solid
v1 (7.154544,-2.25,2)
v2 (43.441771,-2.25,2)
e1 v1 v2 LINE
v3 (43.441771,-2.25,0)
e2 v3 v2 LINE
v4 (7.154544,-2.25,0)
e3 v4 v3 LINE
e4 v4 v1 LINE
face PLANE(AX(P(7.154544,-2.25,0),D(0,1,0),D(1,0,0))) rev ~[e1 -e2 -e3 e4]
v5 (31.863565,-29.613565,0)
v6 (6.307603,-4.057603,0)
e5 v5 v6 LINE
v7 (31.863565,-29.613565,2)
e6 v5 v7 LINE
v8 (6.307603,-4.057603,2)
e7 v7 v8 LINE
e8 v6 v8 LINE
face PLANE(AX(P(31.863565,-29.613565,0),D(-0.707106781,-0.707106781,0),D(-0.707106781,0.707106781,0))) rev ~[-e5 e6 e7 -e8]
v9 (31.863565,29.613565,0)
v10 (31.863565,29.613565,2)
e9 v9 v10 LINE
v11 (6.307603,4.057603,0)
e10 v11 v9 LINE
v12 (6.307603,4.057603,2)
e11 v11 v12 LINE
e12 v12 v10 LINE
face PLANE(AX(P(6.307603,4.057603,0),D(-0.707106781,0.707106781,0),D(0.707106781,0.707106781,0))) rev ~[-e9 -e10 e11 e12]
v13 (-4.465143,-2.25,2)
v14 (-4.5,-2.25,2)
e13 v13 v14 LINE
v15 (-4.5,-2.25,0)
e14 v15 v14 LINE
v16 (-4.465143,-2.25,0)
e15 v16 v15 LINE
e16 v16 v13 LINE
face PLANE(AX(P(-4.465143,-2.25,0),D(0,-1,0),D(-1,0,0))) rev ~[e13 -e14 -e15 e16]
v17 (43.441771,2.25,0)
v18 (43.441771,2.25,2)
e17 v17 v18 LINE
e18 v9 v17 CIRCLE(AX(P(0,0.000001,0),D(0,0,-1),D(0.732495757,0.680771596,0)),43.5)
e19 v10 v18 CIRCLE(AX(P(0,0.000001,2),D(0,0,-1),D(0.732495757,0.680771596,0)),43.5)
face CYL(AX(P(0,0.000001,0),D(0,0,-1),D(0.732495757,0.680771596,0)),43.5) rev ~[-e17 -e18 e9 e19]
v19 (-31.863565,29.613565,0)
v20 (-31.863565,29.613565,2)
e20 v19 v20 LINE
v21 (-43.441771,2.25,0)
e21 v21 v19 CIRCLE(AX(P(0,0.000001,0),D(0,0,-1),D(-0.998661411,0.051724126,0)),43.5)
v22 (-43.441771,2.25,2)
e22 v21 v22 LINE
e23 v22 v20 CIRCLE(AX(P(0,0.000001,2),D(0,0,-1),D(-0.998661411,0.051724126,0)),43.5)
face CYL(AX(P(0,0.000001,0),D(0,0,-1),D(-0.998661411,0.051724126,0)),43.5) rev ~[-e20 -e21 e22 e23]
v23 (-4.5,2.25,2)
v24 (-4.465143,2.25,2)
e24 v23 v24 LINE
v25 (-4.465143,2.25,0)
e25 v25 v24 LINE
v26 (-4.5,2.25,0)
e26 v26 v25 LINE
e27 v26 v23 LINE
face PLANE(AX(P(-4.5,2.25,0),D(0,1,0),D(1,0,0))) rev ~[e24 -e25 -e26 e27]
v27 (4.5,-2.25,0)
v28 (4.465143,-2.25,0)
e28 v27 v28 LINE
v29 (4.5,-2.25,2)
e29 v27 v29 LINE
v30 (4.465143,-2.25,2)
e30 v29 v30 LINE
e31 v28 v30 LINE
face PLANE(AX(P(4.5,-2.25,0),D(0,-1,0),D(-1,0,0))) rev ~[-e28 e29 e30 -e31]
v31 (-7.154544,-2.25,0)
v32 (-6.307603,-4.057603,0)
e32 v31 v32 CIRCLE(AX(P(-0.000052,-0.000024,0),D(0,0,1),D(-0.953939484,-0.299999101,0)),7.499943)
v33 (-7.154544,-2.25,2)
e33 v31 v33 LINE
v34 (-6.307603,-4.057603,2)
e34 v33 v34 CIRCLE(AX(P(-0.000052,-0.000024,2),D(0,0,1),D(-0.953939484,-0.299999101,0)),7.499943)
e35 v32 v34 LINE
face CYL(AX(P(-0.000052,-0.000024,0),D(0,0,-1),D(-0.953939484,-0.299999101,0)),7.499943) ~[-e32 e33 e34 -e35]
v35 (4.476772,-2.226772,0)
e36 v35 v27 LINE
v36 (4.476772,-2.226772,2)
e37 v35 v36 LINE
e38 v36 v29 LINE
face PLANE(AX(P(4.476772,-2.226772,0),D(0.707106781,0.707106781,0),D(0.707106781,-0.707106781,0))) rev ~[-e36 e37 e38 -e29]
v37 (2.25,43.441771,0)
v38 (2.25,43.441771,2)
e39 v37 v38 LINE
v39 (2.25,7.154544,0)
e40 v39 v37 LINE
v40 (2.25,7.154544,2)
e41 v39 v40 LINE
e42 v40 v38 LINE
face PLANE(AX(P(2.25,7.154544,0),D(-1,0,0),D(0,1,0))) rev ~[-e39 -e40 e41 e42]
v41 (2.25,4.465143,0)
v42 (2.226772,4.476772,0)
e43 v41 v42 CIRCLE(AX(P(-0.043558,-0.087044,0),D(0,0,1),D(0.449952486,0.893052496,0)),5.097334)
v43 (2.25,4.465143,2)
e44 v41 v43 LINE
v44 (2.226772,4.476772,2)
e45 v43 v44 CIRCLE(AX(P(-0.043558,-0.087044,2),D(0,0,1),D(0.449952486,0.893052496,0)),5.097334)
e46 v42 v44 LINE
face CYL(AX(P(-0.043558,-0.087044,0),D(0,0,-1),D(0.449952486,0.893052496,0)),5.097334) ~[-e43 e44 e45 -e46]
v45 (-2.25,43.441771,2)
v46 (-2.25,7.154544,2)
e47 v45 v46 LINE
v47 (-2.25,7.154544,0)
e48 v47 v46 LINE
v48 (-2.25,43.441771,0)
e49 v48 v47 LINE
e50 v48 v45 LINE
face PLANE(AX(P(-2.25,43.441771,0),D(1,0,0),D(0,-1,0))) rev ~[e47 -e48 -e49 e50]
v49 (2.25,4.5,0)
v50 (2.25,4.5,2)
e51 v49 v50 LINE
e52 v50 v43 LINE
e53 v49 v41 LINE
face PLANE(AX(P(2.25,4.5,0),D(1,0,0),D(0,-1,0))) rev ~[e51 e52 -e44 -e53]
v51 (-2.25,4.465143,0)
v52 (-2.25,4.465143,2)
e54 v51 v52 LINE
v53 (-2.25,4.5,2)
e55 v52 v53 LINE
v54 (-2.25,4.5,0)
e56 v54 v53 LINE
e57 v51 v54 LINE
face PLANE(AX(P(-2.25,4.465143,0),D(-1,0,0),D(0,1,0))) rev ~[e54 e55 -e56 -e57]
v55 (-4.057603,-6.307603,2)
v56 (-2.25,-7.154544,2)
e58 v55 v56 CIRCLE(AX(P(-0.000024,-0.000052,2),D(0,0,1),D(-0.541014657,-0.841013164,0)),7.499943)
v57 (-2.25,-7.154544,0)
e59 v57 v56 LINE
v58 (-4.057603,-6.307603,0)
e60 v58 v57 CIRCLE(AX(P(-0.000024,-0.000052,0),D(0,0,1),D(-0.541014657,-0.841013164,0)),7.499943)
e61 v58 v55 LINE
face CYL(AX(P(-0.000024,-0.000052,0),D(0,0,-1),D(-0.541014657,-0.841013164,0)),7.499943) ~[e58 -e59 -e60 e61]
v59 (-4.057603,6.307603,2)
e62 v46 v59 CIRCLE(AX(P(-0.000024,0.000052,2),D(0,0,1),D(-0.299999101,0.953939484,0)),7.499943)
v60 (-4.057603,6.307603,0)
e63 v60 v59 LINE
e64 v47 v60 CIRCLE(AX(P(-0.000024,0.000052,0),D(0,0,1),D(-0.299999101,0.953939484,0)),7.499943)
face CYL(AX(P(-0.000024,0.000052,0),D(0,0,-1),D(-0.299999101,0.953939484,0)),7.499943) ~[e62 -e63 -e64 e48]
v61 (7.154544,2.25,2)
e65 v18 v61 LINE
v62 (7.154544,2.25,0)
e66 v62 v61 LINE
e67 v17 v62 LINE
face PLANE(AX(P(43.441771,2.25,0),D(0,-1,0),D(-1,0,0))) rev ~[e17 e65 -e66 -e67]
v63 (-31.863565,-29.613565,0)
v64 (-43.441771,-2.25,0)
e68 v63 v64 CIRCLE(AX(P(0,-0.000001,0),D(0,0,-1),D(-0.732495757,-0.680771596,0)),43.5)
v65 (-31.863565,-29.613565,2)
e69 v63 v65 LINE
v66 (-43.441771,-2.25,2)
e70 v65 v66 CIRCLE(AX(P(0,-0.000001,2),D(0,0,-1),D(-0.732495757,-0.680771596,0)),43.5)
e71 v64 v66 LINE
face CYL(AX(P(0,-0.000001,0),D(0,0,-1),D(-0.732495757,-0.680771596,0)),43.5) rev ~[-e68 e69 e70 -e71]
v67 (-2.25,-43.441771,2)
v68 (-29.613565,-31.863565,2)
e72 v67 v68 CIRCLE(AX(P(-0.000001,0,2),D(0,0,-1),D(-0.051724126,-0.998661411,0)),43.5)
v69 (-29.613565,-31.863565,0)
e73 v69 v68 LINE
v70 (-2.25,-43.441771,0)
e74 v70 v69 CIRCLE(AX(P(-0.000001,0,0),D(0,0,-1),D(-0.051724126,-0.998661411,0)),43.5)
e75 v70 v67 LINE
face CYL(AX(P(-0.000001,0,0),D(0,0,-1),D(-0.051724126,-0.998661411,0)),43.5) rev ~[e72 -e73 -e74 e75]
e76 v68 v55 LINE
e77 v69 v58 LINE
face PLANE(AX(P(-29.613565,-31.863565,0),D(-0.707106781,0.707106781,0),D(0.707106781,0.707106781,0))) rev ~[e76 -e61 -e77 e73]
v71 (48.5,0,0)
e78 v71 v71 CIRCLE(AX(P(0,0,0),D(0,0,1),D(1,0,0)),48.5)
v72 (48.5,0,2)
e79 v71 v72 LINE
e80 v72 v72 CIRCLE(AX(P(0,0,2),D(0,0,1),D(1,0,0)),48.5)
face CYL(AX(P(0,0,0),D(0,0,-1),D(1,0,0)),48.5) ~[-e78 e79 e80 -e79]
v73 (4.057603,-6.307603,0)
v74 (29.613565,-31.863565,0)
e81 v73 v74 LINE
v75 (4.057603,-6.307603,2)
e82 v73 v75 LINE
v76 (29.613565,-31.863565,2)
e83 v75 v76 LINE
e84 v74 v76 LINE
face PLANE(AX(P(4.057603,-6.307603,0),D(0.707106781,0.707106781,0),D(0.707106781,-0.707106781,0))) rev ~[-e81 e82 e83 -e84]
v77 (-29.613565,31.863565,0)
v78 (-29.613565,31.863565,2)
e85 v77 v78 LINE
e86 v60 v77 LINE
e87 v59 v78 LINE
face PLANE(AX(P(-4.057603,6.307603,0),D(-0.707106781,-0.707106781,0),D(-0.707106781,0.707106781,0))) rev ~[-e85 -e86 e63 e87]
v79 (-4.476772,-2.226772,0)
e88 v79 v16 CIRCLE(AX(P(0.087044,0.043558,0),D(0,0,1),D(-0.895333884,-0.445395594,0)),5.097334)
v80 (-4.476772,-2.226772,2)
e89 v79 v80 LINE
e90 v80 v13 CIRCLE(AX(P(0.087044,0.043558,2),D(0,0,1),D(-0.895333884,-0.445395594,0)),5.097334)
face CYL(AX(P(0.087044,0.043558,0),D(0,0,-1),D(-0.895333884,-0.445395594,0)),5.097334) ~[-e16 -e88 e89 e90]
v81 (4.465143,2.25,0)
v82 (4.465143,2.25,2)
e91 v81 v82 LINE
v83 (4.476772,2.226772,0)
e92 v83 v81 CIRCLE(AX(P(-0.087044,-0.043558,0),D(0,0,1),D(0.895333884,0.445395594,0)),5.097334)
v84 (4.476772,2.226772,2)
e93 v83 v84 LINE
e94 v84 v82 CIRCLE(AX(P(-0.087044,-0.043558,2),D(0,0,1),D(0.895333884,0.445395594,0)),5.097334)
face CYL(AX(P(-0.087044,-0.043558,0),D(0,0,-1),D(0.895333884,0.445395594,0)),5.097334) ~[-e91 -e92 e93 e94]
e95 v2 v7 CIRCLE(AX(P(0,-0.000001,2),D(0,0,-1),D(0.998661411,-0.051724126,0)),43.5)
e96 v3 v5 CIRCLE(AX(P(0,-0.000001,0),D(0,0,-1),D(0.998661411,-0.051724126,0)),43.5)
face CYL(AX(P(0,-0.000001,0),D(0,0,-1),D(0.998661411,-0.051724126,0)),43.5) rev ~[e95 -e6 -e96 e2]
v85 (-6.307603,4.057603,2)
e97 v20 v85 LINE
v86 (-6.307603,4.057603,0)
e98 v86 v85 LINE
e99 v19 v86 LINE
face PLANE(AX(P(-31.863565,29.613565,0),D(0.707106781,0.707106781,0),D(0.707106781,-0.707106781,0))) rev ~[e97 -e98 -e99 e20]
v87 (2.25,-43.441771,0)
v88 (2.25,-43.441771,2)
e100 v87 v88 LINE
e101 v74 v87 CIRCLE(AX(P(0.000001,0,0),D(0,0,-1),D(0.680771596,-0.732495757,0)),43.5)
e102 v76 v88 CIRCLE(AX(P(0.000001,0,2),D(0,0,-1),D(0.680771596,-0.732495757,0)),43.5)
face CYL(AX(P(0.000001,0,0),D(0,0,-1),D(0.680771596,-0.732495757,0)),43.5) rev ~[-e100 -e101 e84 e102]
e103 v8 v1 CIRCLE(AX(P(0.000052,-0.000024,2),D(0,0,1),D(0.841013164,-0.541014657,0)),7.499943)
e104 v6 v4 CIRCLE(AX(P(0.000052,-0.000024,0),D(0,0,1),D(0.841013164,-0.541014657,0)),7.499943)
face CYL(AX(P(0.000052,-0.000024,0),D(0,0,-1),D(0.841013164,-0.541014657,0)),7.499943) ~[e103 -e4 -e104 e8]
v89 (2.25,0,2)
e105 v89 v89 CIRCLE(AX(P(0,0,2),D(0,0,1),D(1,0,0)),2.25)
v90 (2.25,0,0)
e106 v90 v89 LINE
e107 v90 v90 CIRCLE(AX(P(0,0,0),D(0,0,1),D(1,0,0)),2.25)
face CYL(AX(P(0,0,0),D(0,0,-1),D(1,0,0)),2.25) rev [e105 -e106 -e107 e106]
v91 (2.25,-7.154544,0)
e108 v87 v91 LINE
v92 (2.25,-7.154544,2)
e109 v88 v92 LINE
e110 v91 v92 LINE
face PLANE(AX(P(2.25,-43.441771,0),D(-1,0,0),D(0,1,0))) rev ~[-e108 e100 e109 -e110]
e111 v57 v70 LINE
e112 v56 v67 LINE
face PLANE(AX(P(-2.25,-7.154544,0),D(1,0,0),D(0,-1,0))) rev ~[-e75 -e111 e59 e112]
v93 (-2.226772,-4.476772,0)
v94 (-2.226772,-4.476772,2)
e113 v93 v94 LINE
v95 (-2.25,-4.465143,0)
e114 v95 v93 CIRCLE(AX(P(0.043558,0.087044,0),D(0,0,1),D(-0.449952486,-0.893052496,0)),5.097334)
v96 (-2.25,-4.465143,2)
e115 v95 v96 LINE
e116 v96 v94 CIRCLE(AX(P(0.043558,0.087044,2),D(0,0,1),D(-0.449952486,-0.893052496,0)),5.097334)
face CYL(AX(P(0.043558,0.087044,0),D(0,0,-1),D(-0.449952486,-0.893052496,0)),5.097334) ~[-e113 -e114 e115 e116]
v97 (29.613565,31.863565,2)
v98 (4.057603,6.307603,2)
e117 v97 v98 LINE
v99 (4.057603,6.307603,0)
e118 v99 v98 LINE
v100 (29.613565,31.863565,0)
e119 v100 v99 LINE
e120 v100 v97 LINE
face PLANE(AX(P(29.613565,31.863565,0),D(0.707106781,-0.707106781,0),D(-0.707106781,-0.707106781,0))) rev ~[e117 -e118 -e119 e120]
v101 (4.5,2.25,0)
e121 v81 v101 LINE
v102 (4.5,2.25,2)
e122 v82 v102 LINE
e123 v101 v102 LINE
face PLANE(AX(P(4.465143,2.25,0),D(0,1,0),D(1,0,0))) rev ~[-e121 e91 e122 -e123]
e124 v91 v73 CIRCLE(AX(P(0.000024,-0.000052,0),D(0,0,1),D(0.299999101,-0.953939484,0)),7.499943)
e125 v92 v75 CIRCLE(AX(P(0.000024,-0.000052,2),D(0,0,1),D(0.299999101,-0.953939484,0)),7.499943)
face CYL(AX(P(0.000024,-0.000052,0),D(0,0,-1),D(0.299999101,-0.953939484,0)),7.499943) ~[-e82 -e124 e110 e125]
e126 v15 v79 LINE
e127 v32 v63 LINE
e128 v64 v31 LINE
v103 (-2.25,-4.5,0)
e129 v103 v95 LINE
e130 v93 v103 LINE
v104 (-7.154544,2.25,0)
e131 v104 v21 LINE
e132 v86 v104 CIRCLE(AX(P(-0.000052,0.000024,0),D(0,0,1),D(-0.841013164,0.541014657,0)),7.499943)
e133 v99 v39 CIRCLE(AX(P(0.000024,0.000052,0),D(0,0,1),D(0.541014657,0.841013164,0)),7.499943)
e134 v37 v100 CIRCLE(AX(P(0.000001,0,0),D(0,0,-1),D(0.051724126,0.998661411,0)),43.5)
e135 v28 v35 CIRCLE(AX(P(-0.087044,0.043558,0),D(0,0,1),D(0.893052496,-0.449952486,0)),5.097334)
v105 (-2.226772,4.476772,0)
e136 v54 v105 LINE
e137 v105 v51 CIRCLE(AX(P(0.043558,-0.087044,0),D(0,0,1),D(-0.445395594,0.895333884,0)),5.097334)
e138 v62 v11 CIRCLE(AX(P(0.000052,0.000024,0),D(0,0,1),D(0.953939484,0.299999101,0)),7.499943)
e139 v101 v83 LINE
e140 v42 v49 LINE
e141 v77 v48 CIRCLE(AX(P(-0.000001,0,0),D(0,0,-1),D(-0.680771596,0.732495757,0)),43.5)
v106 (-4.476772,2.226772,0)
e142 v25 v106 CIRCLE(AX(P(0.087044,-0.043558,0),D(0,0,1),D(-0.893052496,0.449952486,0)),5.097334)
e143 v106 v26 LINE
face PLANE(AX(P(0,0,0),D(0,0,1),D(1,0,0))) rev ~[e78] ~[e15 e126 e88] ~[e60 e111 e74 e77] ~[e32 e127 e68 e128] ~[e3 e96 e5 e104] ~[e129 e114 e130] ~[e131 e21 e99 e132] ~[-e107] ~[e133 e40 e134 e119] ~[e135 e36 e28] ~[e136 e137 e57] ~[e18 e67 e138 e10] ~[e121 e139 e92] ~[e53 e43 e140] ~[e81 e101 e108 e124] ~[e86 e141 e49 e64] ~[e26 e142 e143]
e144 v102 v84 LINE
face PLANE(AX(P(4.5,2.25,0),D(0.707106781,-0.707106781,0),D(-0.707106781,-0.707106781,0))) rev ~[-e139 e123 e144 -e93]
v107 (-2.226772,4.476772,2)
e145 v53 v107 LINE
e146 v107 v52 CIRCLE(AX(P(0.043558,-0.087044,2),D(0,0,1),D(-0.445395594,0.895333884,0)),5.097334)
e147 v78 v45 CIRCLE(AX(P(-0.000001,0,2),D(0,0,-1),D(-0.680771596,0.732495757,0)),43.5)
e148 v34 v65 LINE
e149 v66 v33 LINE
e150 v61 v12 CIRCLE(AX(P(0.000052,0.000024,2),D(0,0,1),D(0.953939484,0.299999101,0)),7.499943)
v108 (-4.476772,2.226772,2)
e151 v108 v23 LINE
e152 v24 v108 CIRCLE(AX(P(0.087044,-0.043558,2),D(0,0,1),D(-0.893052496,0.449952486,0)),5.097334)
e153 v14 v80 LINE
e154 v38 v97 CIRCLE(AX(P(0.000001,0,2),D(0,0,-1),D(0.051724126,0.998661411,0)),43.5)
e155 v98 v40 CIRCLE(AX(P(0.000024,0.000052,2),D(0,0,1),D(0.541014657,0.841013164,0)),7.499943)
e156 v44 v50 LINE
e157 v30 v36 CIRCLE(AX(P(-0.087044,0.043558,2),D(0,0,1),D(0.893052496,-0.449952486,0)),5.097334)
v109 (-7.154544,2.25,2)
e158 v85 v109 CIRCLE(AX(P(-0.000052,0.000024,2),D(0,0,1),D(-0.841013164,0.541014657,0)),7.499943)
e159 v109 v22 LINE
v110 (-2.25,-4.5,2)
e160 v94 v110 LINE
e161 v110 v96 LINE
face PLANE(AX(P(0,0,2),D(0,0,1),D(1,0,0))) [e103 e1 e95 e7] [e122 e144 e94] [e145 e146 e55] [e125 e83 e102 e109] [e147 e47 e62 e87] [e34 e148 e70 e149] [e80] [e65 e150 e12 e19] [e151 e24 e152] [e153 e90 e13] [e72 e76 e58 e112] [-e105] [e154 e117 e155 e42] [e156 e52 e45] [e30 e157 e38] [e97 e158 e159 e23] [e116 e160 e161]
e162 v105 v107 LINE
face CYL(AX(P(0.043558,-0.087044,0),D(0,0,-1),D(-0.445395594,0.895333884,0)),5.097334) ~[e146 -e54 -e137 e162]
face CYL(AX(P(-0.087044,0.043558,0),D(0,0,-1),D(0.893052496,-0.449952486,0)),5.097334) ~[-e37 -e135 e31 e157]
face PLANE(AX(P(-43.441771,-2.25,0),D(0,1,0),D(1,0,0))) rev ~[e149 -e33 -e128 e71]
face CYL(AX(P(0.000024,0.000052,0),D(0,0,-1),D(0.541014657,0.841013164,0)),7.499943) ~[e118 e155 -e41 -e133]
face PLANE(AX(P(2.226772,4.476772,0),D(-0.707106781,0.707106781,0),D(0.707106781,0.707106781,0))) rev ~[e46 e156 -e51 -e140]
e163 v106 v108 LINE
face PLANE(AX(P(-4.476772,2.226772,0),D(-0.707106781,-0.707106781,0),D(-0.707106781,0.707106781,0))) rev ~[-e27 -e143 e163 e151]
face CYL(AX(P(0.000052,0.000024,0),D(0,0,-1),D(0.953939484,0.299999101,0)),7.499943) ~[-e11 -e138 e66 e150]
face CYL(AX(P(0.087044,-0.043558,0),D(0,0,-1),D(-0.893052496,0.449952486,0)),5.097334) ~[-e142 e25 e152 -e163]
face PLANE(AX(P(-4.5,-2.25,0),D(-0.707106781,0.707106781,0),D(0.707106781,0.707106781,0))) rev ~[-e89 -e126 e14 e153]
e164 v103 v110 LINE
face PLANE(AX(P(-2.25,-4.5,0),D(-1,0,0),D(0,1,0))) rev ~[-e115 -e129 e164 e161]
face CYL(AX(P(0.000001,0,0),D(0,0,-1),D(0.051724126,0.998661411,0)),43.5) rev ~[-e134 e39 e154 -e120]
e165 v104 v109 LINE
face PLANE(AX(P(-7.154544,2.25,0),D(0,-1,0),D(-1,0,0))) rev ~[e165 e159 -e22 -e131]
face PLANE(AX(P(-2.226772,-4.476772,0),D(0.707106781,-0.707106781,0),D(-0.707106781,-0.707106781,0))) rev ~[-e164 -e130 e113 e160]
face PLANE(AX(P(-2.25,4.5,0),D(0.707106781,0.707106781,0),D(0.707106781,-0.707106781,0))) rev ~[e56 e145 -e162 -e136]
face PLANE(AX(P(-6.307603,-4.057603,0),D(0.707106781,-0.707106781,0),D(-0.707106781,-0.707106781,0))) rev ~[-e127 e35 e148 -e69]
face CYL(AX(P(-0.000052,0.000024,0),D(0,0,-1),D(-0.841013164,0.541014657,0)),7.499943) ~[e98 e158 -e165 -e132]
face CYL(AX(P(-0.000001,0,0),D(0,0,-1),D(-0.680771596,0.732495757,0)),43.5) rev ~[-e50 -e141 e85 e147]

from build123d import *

# Parameters (mm, degrees)
F0_R     = 48.5
F0_R_2   = 2.25
F1_DEPTH = 2


with BuildPart() as f1:
    # F0 (on Top) → F1 (new body)
    with BuildSketch(Plane.XY):
        Circle(F0_R)
        with BuildLine():
            Line((-29.613565, -31.863565), (-4.057603, -6.307603))
            ThreePointArc((-4.057603, -6.307603), (-3.182105, -6.791481), (-2.25, -7.154544))
            Line((-2.25, -7.154544), (-2.25, -43.441771))
            ThreePointArc((-2.25, -43.441771), (-16.950971, -40.061385), (-29.613565, -31.863565))
        make_face(mode=Mode.SUBTRACT)
        with BuildLine():
            ThreePointArc((-31.863565, -29.613565), (-40.061385, -16.950971), (-43.441771, -2.25))
            Line((-43.441771, -2.25), (-7.154544, -2.25))
            ThreePointArc((-7.154544, -2.25), (-6.791481, -3.182105), (-6.307603, -4.057603))
            Line((-6.307603, -4.057603), (-31.863565, -29.613565))
        make_face(mode=Mode.SUBTRACT)
        with BuildLine():
            ThreePointArc((-2.25, -4.465143), (-2.238394, -4.470972), (-2.226772, -4.476772))
            Line((-2.226772, -4.476772), (-2.25, -4.5))
            Line((-2.25, -4.5), (-2.25, -4.465143))
        make_face(mode=Mode.SUBTRACT)
        with BuildLine():
            Line((-4.5, -2.25), (-4.476772, -2.226772))
            ThreePointArc((-4.476772, -2.226772), (-4.470972, -2.238394), (-4.465143, -2.25))
            Line((-4.465143, -2.25), (-4.5, -2.25))
        make_face(mode=Mode.SUBTRACT)
        with BuildLine():
            Line((2.25, -43.441771), (2.25, -7.154544))
            ThreePointArc((2.25, -7.154544), (3.182105, -6.791481), (4.057603, -6.307603))
            Line((4.057603, -6.307603), (29.613565, -31.863565))
            ThreePointArc((29.613565, -31.863565), (16.950971, -40.061385), (2.25, -43.441771))
        make_face(mode=Mode.SUBTRACT)
        with BuildLine():
            ThreePointArc((4.465143, -2.25), (4.470972, -2.238394), (4.476772, -2.226772))
            Line((4.476772, -2.226772), (4.5, -2.25))
            Line((4.5, -2.25), (4.465143, -2.25))
        make_face(mode=Mode.SUBTRACT)
        with BuildLine():
            Line((31.863565, -29.613565), (6.307603, -4.057603))
            ThreePointArc((6.307603, -4.057603), (6.791481, -3.182105), (7.154544, -2.25))
            Line((7.154544, -2.25), (43.441771, -2.25))
            ThreePointArc((43.441771, -2.25), (40.061385, -16.950971), (31.863565, -29.613565))
        make_face(mode=Mode.SUBTRACT)
        with BuildLine():
            Line((-31.863565, 29.613565), (-6.307603, 4.057603))
            ThreePointArc((-6.307603, 4.057603), (-6.791481, 3.182105), (-7.154544, 2.25))
            Line((-7.154544, 2.25), (-43.441771, 2.25))
            ThreePointArc((-43.441771, 2.25), (-40.061385, 16.950971), (-31.863565, 29.613565))
        make_face(mode=Mode.SUBTRACT)
        with BuildLine():
            Line((-4.5, 2.25), (-4.465143, 2.25))
            ThreePointArc((-4.465143, 2.25), (-4.470972, 2.238394), (-4.476772, 2.226772))
            Line((-4.476772, 2.226772), (-4.5, 2.25))
        make_face(mode=Mode.SUBTRACT)
        with BuildLine():
            Line((-2.25, 4.5), (-2.226772, 4.476772))
            ThreePointArc((-2.226772, 4.476772), (-2.238394, 4.470972), (-2.25, 4.465143))
            Line((-2.25, 4.465143), (-2.25, 4.5))
        make_face(mode=Mode.SUBTRACT)
        with BuildLine():
            Line((-2.25, 43.441771), (-2.25, 7.154544))
            ThreePointArc((-2.25, 7.154544), (-3.182105, 6.791481), (-4.057603, 6.307603))
            Line((-4.057603, 6.307603), (-29.613565, 31.863565))
            ThreePointArc((-29.613565, 31.863565), (-16.950971, 40.061385), (-2.25, 43.441771))
        make_face(mode=Mode.SUBTRACT)
        Circle(F0_R_2, mode=Mode.SUBTRACT)
        with BuildLine():
            Line((4.5, 2.25), (4.476772, 2.226772))
            ThreePointArc((4.476772, 2.226772), (4.470972, 2.238394), (4.465143, 2.25))
            Line((4.465143, 2.25), (4.5, 2.25))
        make_face(mode=Mode.SUBTRACT)
        with BuildLine():
            Line((2.25, 4.5), (2.25, 4.465143))
            ThreePointArc((2.25, 4.465143), (2.238394, 4.470972), (2.226772, 4.476772))
            Line((2.226772, 4.476772), (2.25, 4.5))
        make_face(mode=Mode.SUBTRACT)
        with BuildLine():
            Line((43.441771, 2.25), (7.154544, 2.25))
            ThreePointArc((7.154544, 2.25), (6.791481, 3.182105), (6.307603, 4.057603))
            Line((6.307603, 4.057603), (31.863565, 29.613565))
            ThreePointArc((31.863565, 29.613565), (40.061385, 16.950971), (43.441771, 2.25))
        make_face(mode=Mode.SUBTRACT)
        with BuildLine():
            Line((29.613565, 31.863565), (4.057603, 6.307603))
            ThreePointArc((4.057603, 6.307603), (3.182105, 6.791481), (2.25, 7.154544))
            Line((2.25, 7.154544), (2.25, 43.441771))
            ThreePointArc((2.25, 43.441771), (16.950971, 40.061385), (29.613565, 31.863565))
        make_face(mode=Mode.SUBTRACT)
    extrude(amount=F1_DEPTH)


solid = f1.part
